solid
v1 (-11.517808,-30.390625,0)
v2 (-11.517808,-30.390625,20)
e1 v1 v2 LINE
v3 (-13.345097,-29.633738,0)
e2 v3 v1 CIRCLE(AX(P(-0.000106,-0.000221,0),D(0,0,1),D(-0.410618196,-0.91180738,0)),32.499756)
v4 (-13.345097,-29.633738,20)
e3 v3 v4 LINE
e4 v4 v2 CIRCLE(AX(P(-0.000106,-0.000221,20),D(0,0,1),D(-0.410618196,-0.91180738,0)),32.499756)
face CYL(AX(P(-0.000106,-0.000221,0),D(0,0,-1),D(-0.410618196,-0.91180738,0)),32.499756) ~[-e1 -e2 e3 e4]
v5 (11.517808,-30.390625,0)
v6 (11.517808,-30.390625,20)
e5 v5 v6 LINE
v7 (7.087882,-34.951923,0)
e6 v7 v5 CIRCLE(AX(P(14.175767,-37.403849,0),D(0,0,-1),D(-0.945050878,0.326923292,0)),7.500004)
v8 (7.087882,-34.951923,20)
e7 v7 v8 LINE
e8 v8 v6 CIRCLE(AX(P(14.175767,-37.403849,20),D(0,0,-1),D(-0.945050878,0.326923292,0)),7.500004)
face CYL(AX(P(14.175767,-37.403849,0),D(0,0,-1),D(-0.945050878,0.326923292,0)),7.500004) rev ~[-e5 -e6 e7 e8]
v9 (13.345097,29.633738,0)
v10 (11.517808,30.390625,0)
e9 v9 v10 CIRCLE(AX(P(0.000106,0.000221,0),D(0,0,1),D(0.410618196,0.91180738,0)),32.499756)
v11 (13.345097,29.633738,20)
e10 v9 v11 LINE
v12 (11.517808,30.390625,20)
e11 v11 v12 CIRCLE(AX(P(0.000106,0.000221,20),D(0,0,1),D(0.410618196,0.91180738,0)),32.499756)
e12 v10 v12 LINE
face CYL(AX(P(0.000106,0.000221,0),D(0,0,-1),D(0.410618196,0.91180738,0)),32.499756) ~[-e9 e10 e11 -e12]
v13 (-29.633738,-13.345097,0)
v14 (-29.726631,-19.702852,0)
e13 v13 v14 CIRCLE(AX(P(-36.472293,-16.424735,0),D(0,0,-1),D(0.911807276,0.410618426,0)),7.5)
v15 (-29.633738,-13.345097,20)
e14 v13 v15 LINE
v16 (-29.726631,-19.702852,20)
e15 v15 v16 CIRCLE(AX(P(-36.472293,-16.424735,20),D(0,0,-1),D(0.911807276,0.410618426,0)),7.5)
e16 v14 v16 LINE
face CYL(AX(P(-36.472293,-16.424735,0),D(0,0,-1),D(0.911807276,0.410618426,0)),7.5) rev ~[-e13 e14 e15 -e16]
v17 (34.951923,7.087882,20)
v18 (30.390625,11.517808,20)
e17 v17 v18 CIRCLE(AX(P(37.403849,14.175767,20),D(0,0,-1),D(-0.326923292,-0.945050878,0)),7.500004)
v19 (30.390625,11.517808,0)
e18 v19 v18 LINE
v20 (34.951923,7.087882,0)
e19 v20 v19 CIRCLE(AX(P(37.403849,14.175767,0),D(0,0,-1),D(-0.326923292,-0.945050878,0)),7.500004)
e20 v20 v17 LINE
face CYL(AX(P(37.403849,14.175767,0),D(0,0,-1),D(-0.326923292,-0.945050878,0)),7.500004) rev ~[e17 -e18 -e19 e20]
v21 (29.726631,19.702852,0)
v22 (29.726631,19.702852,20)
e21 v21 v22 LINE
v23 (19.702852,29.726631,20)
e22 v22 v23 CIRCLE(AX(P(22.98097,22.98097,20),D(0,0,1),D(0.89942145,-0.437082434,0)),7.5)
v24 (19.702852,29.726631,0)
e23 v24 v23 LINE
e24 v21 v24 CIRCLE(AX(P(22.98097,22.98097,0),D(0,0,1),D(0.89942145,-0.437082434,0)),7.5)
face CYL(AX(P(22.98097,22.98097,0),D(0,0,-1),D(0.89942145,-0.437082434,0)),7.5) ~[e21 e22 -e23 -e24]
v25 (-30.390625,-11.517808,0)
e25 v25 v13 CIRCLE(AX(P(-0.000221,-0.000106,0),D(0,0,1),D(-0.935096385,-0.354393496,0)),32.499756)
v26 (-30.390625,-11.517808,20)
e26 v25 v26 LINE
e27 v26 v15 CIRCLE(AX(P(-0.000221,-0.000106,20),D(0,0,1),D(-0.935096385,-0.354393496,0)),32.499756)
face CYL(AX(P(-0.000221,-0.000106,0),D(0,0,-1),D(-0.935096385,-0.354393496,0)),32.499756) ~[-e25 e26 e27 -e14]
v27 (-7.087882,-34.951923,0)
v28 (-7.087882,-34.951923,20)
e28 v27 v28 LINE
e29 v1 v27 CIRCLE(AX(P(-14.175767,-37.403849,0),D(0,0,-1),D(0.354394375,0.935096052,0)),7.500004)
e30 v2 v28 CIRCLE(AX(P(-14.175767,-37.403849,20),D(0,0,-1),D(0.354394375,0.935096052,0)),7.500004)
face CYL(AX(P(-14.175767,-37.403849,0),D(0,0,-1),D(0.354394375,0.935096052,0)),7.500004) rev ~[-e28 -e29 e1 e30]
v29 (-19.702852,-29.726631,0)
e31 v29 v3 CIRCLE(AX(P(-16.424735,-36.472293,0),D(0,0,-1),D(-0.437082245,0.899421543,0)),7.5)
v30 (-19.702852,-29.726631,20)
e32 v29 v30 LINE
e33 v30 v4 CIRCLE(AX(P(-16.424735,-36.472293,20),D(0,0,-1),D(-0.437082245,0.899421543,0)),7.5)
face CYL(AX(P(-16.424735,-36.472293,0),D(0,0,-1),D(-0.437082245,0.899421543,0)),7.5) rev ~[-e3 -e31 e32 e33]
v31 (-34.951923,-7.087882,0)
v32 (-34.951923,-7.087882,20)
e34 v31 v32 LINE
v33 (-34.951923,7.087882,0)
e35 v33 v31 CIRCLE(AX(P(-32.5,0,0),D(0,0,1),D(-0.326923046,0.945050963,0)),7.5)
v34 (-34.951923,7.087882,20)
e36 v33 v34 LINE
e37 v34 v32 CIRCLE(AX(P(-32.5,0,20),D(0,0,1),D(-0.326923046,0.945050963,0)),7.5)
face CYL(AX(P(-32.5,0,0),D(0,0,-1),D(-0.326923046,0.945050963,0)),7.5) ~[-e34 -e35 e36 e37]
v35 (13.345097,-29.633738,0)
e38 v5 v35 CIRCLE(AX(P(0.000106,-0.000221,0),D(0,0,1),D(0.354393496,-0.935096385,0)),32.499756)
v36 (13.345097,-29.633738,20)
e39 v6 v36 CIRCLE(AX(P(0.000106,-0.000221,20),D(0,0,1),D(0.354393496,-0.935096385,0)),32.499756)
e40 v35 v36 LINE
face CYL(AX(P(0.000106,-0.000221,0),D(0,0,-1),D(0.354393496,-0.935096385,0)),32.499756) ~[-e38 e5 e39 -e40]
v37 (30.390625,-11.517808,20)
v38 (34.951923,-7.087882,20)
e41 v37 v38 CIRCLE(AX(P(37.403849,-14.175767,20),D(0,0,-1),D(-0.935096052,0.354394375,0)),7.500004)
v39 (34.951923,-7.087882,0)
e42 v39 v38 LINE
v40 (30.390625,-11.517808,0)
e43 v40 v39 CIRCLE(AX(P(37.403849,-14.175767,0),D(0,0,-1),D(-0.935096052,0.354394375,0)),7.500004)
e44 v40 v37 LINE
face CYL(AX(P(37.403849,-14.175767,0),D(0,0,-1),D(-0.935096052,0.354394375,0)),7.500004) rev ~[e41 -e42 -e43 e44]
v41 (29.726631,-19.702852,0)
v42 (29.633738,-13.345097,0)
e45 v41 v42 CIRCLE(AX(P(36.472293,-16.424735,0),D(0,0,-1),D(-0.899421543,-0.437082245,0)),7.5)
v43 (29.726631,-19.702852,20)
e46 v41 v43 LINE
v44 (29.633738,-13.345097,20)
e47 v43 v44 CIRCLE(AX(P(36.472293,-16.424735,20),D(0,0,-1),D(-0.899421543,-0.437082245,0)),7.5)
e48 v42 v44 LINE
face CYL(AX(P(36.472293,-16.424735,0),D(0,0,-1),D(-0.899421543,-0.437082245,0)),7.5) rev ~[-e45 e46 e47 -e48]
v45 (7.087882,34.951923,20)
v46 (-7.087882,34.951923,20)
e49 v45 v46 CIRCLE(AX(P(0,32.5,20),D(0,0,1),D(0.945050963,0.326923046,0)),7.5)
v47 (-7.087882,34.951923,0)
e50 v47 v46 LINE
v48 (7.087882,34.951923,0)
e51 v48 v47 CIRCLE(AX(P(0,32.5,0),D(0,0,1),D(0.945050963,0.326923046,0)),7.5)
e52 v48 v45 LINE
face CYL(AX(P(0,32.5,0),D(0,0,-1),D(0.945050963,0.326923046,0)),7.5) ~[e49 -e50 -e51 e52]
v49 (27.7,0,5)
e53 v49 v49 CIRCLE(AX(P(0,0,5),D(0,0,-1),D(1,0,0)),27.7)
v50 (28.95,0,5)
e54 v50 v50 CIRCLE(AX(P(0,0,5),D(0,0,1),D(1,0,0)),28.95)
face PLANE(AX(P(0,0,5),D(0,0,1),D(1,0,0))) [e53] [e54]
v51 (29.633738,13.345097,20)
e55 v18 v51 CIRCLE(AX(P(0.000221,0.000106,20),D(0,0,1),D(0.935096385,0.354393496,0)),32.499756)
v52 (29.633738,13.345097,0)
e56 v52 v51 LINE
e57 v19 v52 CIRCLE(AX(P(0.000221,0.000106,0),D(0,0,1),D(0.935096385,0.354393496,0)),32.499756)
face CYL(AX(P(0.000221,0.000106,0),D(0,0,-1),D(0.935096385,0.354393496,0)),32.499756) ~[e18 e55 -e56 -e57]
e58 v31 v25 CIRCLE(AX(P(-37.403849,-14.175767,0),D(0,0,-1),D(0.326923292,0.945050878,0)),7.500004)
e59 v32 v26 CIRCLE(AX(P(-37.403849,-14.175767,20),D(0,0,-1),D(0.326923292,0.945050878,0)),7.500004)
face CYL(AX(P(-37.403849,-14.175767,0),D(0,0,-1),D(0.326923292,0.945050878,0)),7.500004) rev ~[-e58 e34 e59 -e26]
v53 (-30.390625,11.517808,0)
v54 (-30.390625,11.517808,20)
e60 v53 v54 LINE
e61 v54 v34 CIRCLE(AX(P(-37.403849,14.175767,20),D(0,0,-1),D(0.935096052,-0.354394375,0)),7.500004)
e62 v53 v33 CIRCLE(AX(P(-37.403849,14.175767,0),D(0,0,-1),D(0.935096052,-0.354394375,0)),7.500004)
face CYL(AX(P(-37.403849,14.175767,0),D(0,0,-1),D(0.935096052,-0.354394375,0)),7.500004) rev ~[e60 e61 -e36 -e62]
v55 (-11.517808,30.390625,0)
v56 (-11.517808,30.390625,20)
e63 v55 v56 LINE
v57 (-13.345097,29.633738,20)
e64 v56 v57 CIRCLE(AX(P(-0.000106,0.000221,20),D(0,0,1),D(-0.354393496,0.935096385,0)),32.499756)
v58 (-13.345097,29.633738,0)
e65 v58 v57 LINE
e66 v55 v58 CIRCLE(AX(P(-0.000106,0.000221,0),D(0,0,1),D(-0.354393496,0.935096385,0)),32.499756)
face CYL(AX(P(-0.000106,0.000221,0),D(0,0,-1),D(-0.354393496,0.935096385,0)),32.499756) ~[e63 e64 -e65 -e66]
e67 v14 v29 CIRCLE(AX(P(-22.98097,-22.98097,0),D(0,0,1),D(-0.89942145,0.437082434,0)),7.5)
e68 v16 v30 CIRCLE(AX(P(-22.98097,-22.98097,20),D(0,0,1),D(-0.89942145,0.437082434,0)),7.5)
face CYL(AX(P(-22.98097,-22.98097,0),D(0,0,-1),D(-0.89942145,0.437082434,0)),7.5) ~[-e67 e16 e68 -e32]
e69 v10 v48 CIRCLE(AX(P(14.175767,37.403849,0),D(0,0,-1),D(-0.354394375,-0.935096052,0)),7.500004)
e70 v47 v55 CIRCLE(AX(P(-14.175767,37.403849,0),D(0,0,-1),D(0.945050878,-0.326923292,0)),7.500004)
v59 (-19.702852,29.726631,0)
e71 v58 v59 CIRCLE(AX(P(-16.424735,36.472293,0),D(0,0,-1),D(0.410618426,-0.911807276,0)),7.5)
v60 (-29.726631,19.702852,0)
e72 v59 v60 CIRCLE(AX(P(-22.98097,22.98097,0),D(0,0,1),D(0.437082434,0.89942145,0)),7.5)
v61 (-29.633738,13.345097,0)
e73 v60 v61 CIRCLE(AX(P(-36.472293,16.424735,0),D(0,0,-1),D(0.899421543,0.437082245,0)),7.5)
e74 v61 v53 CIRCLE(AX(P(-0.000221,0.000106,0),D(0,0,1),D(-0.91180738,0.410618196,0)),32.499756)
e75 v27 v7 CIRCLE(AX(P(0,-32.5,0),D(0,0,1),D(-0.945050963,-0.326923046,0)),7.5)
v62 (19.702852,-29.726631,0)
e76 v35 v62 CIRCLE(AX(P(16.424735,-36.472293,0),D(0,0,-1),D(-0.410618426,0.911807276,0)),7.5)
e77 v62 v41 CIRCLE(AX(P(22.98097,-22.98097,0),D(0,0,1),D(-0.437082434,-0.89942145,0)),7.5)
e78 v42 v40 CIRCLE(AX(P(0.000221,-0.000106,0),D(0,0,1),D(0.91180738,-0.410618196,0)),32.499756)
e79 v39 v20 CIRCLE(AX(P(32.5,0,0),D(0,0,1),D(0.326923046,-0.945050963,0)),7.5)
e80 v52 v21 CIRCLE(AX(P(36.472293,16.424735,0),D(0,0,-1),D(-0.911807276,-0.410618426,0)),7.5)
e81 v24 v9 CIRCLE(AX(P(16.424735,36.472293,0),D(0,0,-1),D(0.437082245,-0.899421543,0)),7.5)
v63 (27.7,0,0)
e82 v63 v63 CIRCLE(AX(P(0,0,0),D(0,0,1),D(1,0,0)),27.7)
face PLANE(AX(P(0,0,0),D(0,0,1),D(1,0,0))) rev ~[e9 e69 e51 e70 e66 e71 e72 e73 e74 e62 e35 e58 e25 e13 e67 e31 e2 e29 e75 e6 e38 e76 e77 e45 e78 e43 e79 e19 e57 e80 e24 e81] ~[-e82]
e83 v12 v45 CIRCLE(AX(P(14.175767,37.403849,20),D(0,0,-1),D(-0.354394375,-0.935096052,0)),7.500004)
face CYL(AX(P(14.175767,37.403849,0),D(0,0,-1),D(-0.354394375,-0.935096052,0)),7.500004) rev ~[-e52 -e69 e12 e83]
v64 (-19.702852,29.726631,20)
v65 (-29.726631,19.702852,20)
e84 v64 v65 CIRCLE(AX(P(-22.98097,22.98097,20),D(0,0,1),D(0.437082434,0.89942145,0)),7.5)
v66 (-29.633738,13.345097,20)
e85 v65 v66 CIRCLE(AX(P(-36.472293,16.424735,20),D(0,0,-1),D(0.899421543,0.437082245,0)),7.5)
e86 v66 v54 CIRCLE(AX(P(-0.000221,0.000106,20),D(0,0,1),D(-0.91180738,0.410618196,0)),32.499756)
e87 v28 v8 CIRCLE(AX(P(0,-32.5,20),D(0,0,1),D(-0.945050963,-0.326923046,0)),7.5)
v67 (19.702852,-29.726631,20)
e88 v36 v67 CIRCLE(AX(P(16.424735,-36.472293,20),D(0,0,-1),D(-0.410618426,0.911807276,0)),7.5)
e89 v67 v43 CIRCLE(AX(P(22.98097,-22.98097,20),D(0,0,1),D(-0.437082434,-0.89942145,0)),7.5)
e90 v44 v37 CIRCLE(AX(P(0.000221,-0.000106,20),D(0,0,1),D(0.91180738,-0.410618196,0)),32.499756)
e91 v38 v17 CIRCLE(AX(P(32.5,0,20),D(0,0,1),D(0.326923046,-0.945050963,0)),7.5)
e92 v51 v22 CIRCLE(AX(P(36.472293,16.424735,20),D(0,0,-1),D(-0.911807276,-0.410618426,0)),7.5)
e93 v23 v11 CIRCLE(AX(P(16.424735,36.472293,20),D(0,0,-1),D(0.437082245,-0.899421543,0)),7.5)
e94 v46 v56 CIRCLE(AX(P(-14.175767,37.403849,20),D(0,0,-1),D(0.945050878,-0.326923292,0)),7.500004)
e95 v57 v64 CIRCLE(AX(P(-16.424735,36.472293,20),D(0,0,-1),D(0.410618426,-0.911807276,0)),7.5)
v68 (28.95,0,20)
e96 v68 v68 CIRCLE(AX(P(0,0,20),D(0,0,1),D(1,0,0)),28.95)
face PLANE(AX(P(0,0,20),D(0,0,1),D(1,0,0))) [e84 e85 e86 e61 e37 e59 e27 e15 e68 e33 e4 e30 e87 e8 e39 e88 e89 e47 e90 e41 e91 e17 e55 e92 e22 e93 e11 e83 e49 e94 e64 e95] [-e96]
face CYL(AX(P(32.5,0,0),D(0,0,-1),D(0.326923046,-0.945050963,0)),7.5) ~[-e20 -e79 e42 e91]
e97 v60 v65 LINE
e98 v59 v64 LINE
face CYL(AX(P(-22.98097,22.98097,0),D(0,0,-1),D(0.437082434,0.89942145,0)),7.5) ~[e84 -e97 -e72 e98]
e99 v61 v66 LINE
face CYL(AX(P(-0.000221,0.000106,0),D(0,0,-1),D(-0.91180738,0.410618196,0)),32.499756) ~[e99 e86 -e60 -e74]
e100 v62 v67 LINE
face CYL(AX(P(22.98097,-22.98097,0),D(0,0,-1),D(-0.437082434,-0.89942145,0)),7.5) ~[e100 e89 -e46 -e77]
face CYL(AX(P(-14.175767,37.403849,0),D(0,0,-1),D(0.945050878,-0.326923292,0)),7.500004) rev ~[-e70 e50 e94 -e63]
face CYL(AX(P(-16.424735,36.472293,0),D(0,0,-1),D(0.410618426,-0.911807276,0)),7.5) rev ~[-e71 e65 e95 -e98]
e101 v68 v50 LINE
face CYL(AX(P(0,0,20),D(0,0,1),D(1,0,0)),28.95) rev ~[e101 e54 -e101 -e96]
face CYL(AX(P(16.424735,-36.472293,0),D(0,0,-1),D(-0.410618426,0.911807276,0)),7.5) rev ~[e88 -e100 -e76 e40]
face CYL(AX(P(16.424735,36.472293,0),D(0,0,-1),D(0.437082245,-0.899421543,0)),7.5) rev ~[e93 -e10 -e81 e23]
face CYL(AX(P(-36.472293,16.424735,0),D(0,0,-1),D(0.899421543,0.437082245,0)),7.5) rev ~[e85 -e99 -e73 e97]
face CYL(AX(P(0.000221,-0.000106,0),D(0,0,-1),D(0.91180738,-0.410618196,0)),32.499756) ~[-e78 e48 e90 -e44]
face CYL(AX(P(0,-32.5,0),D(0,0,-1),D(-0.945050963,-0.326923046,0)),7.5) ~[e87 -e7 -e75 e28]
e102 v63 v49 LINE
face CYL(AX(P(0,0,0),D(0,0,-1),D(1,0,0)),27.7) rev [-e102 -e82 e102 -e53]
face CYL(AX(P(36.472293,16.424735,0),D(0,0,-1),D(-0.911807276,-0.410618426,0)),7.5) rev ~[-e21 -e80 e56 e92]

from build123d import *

# Parameters (mm, degrees)
F0_R     = 27.7
F1_DEPTH = 20
F2_R     = 28.95
F3_DEPTH = 15


with BuildPart() as f1:
    # F0 (on Top) → F1 (new body)
    with BuildSketch(Plane.XY):
        with BuildLine():
            ThreePointArc((-7.087882, 34.951923), (-8.795551, 32.17859), (-11.517808, 30.390625))
            ThreePointArc((-11.517808, 30.390625), (-12.437212, 30.026085), (-13.345097, 29.633738))
            ThreePointArc((-13.345097, 29.633738), (-16.534306, 28.973093), (-19.702852, 29.726631))
            ThreePointArc((-19.702852, 29.726631), (-28.284271, 28.284271), (-29.726631, 19.702852))
            ThreePointArc((-29.726631, 19.702852), (-28.973093, 16.534306), (-29.633738, 13.345097))
            ThreePointArc((-29.633738, 13.345097), (-30.026085, 12.437212), (-30.390625, 11.517808))
            ThreePointArc((-30.390625, 11.517808), (-32.17859, 8.795551), (-34.951923, 7.087882))
            ThreePointArc((-34.951923, 7.087882), (-40, 0), (-34.951923, -7.087882))
            ThreePointArc((-34.951923, -7.087882), (-32.17859, -8.795551), (-30.390625, -11.517808))
            ThreePointArc((-30.390625, -11.517808), (-30.026085, -12.437212), (-29.633738, -13.345097))
            ThreePointArc((-29.633738, -13.345097), (-28.973093, -16.534306), (-29.726631, -19.702852))
            ThreePointArc((-29.726631, -19.702852), (-28.284271, -28.284271), (-19.702852, -29.726631))
            ThreePointArc((-19.702852, -29.726631), (-16.534306, -28.973093), (-13.345097, -29.633738))
            ThreePointArc((-13.345097, -29.633738), (-12.437212, -30.026085), (-11.517808, -30.390625))
            ThreePointArc((-11.517808, -30.390625), (-8.795551, -32.17859), (-7.087882, -34.951923))
            ThreePointArc((-7.087882, -34.951923), (0, -40), (7.087882, -34.951923))
            ThreePointArc((7.087882, -34.951923), (8.795551, -32.17859), (11.517808, -30.390625))
            ThreePointArc((11.517808, -30.390625), (12.437212, -30.026085), (13.345097, -29.633738))
            ThreePointArc((13.345097, -29.633738), (16.534306, -28.973093), (19.702852, -29.726631))
            ThreePointArc((19.702852, -29.726631), (28.284271, -28.284271), (29.726631, -19.702852))
            ThreePointArc((29.726631, -19.702852), (28.973093, -16.534306), (29.633738, -13.345097))
            ThreePointArc((29.633738, -13.345097), (30.026085, -12.437212), (30.390625, -11.517808))
            ThreePointArc((30.390625, -11.517808), (32.17859, -8.795551), (34.951923, -7.087882))
            ThreePointArc((34.951923, -7.087882), (40, 0), (34.951923, 7.087882))
            ThreePointArc((34.951923, 7.087882), (32.17859, 8.795551), (30.390625, 11.517808))
            ThreePointArc((30.390625, 11.517808), (30.026085, 12.437212), (29.633738, 13.345097))
            ThreePointArc((29.633738, 13.345097), (28.973093, 16.534306), (29.726631, 19.702852))
            ThreePointArc((29.726631, 19.702852), (28.284271, 28.284271), (19.702852, 29.726631))
            ThreePointArc((19.702852, 29.726631), (16.534306, 28.973093), (13.345097, 29.633738))
            ThreePointArc((13.345097, 29.633738), (12.437212, 30.026085), (11.517808, 30.390625))
            ThreePointArc((11.517808, 30.390625), (8.795551, 32.17859), (7.087882, 34.951923))
            ThreePointArc((7.087882, 34.951923), (0, 40), (-7.087882, 34.951923))
        make_face()
        Circle(F0_R, mode=Mode.SUBTRACT)
    extrude(amount=F1_DEPTH)

    # F2 (on face) → F3 (cut)
    with BuildSketch(Plane.XY.offset(20)):
        Circle(F2_R)
    extrude(amount=-F3_DEPTH, mode=Mode.SUBTRACT)


solid = f1.part
